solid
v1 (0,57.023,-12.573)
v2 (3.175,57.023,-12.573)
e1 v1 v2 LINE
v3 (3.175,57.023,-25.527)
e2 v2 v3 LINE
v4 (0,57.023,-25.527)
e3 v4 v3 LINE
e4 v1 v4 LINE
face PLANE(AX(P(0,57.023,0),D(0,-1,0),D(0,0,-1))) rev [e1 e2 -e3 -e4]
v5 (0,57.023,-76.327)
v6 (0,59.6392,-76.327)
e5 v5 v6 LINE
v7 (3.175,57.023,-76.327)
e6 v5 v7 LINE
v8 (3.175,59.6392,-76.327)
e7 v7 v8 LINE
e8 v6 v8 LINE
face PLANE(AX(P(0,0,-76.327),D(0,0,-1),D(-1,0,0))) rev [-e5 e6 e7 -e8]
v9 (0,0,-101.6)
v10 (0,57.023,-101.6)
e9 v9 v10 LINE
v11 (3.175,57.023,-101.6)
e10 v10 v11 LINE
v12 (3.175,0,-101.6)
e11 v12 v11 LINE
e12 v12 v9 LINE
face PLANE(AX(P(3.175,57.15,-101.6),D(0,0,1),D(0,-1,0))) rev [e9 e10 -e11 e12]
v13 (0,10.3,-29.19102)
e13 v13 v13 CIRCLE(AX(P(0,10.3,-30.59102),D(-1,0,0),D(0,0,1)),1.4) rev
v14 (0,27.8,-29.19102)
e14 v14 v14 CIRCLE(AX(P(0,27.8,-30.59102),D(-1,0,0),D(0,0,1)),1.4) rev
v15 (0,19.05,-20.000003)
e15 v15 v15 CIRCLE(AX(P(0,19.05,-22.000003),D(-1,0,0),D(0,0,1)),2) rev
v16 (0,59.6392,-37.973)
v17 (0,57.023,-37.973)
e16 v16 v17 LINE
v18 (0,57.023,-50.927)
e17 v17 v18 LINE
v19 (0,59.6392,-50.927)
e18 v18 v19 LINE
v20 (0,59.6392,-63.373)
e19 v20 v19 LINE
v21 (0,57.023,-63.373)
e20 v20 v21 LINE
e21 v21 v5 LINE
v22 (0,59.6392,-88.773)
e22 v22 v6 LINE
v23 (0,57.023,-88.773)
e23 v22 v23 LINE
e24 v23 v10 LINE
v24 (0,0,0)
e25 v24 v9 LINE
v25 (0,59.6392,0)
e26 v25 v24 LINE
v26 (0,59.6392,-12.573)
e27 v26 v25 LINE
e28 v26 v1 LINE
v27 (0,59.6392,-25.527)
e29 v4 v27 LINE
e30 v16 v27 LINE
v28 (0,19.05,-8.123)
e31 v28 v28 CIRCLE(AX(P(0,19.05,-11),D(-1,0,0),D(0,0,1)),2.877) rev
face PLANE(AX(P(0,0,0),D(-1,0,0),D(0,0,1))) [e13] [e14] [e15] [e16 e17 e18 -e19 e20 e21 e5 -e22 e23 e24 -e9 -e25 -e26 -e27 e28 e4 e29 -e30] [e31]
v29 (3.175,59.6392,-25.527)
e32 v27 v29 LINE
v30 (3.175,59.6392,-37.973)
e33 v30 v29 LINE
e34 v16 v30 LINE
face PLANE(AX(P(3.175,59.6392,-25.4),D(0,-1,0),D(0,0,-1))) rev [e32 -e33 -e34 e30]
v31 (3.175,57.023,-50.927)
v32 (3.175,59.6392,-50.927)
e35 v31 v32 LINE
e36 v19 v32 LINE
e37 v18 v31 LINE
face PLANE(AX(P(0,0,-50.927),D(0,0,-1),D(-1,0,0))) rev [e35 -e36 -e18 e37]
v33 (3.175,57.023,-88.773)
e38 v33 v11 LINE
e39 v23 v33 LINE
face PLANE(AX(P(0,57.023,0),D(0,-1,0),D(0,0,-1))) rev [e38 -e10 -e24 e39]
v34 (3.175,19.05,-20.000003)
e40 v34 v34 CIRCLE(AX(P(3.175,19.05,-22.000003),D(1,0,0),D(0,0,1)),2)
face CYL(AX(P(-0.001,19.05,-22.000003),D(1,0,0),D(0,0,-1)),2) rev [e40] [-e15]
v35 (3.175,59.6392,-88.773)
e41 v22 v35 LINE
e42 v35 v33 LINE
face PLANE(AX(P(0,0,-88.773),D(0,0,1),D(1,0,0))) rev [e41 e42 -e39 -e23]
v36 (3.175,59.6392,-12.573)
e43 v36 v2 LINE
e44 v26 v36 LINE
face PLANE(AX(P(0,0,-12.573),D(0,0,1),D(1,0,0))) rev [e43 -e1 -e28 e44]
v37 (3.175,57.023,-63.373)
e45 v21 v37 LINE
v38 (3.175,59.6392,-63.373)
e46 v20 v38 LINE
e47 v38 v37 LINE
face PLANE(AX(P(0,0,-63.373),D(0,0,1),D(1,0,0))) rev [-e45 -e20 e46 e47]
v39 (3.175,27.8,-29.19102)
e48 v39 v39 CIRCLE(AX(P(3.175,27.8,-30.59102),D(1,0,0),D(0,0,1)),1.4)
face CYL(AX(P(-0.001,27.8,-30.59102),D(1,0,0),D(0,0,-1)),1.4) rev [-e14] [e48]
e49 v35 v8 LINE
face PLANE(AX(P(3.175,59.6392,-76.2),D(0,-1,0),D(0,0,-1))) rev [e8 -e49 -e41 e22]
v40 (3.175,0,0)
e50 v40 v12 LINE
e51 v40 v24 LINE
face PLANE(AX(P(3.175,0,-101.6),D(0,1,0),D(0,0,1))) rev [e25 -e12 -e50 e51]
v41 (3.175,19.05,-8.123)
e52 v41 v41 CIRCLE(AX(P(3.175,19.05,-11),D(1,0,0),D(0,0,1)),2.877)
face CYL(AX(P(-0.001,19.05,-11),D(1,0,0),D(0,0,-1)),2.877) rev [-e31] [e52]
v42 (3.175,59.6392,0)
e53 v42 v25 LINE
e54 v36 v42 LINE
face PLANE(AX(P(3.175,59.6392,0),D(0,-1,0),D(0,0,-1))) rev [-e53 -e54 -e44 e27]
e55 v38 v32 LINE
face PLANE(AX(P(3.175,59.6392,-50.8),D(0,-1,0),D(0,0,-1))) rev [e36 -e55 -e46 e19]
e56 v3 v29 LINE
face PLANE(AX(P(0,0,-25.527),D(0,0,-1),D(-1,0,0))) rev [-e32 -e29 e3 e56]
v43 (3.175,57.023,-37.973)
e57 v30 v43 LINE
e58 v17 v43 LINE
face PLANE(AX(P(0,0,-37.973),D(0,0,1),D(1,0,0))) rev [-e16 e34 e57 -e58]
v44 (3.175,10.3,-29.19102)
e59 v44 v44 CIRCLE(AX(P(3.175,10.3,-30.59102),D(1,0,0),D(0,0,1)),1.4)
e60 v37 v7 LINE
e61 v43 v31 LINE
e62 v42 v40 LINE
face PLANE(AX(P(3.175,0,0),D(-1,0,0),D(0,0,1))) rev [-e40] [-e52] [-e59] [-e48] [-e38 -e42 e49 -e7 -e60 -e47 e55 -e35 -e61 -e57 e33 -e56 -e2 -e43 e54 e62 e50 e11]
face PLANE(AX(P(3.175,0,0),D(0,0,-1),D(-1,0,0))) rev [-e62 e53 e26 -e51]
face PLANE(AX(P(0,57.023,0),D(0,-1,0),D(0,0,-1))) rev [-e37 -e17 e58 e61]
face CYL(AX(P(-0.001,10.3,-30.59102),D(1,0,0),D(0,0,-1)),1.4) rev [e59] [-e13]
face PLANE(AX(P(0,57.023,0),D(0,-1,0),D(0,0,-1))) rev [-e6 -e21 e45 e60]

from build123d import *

# Parameters (mm, degrees)
BOSS_EXTRUDE1_DEPTH = 3.175
CUT_EXTRUDE1_REACH  = 5.175
SKETCH2_R           = 1.4
SKETCH2_R_2         = 2
SKETCH2_R_3         = 2.876999961
CUT_EXTRUDE2_DEPTH  = 4.175


with BuildPart() as part:
    # Sketch1 → Boss-Extrude1 (new body)
    with BuildSketch(Plane(origin=(0, 0, 0), x_dir=(0, 0, -1), z_dir=(1, 0, 0))):
        Polygon((0, 0), (0, 59.6392), (12.7, 59.6392), (12.7, 57.15), (25.4, 57.15), (25.4, 59.6392), (38.1, 59.6392), (38.1, 57.15), (50.8, 57.15), (50.8, 59.6392), (63.5, 59.6392), (63.5, 57.15), (76.2, 57.15), (76.2, 59.6392), (88.9, 59.6392), (88.9, 57.15), (101.6, 57.15), (101.6, 0), align=None)
    extrude(amount=BOSS_EXTRUDE1_DEPTH)

    # Sketch2 → Cut-Extrude1 (cut, up to next)
    with BuildSketch(Plane(origin=(3.175, 0, 0), x_dir=(0, 0, -1), z_dir=(1, 0, 0)), mode=Mode.PRIVATE) as cut_extrude1_sk1:
        with Locations((30.59102, 10.3)):
            Circle(SKETCH2_R)
    cut_extrude1_tool1 = extrude(cut_extrude1_sk1.sketch, amount=-CUT_EXTRUDE1_REACH, mode=Mode.PRIVATE) & part.part
    add(cut_extrude1_tool1.solids().sort_by_distance((3.175, 10.3, -30.59102))[0], mode=Mode.SUBTRACT)
    # Sketch2 → Cut-Extrude1 (cut, up to next)
    with BuildSketch(Plane(origin=(3.175, 0, 0), x_dir=(0, 0, -1), z_dir=(1, 0, 0)), mode=Mode.PRIVATE) as cut_extrude1_sk2:
        with Locations((30.59102, 27.8)):
            Circle(SKETCH2_R)
    cut_extrude1_tool2 = extrude(cut_extrude1_sk2.sketch, amount=-CUT_EXTRUDE1_REACH, mode=Mode.PRIVATE) & part.part
    add(cut_extrude1_tool2.solids().sort_by_distance((3.175, 27.8, -30.59102))[0], mode=Mode.SUBTRACT)
    # Sketch2 → Cut-Extrude1 (cut, up to next)
    with BuildSketch(Plane(origin=(3.175, 0, 0), x_dir=(0, 0, -1), z_dir=(1, 0, 0)), mode=Mode.PRIVATE) as cut_extrude1_sk3:
        with Locations((22.0000034, 19.05)):
            Circle(SKETCH2_R_2)
    cut_extrude1_tool3 = extrude(cut_extrude1_sk3.sketch, amount=-CUT_EXTRUDE1_REACH, mode=Mode.PRIVATE) & part.part
    add(cut_extrude1_tool3.solids().sort_by_distance((3.175, 19.05, -22.000003))[0], mode=Mode.SUBTRACT)
    # Sketch2 → Cut-Extrude1 (cut, up to next)
    with BuildSketch(Plane(origin=(3.175, 0, 0), x_dir=(0, 0, -1), z_dir=(1, 0, 0)), mode=Mode.PRIVATE) as cut_extrude1_sk4:
        with Locations((11, 19.05)):
            Circle(SKETCH2_R_3)
    cut_extrude1_tool4 = extrude(cut_extrude1_sk4.sketch, amount=-CUT_EXTRUDE1_REACH, mode=Mode.PRIVATE) & part.part
    add(cut_extrude1_tool4.solids().sort_by_distance((3.175, 19.05, -11))[0], mode=Mode.SUBTRACT)

    # Sketch3 → Cut-Extrude2 (cut, through all)
    with BuildSketch(Plane(origin=(3.175, 0, 0), x_dir=(0, 0, -1), z_dir=(1, 0, 0))):
        Polygon((12.7, 57.15), (12.7, 59.6392), (12.573, 59.6392), (12.573, 57.023), (25.527, 57.023), (25.527, 59.6392), (25.4, 59.6392), (25.4, 57.15), align=None)
        Polygon((38.1, 59.6392), (37.973, 59.6392), (37.973, 57.023), (50.927, 57.023), (50.927, 59.6392), (50.8, 59.6392), (50.8, 57.15), (38.1, 57.15), align=None)
        Polygon((63.5, 59.6392), (63.373, 59.6392), (63.373, 57.023), (76.327, 57.023), (76.327, 59.6392), (76.2, 59.6392), (76.2, 57.15), (63.5, 57.15), align=None)
        Polygon((88.9, 59.6392), (88.773, 59.6392), (88.773, 57.023), (101.6, 57.023), (101.6, 57.15), (88.9, 57.15), align=None)
    extrude(amount=-CUT_EXTRUDE2_DEPTH, mode=Mode.SUBTRACT)


solid = part.part
